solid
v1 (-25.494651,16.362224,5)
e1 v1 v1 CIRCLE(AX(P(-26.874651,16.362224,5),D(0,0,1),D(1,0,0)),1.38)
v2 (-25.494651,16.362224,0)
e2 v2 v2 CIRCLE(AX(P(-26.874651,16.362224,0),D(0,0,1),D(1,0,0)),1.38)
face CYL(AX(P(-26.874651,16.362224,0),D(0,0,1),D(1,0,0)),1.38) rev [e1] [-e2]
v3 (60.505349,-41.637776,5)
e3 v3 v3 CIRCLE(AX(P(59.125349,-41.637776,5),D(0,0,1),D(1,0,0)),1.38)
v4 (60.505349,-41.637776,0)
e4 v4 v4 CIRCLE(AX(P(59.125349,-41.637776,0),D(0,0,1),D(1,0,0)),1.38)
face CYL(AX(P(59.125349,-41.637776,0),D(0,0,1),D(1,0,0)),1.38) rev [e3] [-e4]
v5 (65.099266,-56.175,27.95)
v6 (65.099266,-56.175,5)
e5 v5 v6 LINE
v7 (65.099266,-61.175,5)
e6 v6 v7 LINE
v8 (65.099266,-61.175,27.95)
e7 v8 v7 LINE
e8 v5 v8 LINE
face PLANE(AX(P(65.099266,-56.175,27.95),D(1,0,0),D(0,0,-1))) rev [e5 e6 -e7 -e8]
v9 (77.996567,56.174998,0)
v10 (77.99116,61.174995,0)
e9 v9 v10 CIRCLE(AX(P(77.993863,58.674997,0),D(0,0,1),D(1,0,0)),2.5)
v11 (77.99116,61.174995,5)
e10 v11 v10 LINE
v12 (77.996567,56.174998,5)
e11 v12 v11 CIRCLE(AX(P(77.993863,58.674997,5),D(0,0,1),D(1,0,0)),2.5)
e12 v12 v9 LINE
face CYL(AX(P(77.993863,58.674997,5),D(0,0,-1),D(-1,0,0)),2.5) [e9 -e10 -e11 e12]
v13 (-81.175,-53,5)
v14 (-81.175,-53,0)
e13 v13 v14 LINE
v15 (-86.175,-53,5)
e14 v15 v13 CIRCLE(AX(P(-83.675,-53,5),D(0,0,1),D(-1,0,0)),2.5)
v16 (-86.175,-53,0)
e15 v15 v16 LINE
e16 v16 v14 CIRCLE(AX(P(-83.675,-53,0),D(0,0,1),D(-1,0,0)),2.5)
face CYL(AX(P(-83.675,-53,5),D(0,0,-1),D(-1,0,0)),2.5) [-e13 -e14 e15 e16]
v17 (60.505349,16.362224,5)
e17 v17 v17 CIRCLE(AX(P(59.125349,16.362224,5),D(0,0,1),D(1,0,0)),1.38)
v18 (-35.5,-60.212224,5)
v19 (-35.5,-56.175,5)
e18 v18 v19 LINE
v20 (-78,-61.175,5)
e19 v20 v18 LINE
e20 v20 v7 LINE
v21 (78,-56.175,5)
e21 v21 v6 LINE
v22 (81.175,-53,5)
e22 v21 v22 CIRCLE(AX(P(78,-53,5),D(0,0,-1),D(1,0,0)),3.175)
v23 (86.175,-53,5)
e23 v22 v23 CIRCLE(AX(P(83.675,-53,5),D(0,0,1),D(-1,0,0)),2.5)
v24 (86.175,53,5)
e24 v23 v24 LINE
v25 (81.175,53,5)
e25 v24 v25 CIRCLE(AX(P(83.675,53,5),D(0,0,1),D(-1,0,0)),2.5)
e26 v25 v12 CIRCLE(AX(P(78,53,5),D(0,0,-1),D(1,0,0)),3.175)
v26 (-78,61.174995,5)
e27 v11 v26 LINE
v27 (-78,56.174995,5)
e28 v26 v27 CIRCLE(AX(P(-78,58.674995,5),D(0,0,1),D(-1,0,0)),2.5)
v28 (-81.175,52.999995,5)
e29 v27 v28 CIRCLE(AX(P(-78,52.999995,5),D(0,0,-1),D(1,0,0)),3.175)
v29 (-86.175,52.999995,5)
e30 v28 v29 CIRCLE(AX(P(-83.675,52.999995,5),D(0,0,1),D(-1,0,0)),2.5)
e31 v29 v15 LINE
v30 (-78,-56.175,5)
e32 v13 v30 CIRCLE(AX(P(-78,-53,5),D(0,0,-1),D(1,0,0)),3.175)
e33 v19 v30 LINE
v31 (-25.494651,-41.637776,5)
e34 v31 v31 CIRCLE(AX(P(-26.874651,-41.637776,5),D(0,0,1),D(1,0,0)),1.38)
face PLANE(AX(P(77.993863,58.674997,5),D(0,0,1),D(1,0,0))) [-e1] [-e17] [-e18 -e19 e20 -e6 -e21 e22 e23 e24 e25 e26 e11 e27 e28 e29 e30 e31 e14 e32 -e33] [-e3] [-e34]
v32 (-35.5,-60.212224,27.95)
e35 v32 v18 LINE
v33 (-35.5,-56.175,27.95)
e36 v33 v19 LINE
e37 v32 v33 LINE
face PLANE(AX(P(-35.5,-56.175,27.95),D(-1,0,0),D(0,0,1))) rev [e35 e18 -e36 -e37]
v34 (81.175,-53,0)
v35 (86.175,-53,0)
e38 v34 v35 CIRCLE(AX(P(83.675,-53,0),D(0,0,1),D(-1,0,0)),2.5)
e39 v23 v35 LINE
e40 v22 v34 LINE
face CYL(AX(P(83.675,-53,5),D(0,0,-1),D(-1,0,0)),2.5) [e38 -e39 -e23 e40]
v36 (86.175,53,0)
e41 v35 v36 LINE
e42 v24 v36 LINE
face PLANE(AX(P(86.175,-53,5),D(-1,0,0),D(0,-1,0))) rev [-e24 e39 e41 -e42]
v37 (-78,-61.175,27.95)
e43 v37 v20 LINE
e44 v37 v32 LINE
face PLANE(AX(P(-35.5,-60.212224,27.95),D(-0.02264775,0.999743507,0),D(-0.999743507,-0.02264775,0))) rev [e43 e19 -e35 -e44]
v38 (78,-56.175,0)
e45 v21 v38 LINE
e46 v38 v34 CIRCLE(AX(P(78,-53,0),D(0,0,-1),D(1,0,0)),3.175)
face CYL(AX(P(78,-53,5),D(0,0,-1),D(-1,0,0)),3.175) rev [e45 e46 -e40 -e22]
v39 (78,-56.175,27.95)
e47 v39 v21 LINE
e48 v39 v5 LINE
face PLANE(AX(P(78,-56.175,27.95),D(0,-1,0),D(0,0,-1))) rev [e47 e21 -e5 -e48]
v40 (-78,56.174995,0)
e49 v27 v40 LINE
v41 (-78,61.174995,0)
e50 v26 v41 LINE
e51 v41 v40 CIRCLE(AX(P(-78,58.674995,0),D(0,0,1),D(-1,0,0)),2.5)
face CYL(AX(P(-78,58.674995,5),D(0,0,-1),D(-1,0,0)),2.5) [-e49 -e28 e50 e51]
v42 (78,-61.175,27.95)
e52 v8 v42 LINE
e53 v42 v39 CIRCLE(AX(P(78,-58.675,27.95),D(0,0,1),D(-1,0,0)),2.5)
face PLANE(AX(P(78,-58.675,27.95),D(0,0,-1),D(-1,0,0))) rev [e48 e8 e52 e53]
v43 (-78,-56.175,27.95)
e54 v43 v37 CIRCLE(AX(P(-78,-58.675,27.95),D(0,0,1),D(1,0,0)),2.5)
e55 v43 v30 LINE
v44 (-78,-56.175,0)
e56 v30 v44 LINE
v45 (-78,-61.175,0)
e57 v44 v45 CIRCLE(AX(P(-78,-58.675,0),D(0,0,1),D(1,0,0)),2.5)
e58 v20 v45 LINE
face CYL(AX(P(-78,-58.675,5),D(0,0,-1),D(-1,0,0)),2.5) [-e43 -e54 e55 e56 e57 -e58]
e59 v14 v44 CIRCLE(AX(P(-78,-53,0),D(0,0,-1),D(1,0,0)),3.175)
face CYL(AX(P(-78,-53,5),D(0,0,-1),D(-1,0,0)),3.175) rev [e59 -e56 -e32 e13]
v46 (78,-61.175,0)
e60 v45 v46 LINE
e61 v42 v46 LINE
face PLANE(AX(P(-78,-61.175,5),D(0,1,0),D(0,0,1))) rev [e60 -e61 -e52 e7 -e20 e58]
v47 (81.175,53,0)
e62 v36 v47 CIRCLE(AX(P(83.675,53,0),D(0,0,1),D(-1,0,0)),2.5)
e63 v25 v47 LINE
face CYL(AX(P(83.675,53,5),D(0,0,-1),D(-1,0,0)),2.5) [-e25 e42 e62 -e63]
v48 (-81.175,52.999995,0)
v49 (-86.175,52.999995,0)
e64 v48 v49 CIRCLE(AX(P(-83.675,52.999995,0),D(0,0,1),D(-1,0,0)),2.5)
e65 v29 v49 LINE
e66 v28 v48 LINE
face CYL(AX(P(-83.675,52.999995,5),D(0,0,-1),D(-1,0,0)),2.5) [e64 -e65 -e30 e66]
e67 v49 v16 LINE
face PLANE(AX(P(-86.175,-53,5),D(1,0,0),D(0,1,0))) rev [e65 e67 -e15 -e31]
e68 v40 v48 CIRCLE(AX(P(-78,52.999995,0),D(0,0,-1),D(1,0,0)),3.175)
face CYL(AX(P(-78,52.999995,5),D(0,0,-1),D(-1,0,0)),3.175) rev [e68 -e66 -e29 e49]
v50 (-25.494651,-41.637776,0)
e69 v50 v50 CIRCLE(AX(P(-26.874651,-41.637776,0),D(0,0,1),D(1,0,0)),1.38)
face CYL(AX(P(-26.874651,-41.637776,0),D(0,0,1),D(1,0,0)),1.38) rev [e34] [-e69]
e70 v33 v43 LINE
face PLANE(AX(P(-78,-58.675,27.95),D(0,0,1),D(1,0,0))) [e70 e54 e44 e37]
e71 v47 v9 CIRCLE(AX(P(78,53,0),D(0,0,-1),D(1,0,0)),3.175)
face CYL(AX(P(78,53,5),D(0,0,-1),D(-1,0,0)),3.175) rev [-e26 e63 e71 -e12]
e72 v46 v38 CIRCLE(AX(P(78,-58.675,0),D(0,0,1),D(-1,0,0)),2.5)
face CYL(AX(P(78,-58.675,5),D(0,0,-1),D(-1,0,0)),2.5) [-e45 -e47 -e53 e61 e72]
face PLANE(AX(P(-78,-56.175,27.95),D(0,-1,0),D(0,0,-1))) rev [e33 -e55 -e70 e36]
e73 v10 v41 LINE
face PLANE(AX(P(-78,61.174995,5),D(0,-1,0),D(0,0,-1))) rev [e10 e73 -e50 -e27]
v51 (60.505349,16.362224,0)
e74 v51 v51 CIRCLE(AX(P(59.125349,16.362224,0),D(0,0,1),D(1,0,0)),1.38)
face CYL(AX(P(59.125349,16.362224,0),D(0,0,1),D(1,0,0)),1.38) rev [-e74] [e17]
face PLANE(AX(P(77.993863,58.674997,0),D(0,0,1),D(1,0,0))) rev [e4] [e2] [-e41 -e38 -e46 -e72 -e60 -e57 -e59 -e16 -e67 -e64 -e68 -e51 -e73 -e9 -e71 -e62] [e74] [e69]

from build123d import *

# Parameters (mm, degrees)
RESSALTO_EXTRUS_O1_DEPTH = 5
RESSALTO_EXTRUS_O2_DEPTH = 22.95
ESBO_O3_R                = 1.38
CORTE_EXTRUS_O1_DEPTH    = 5


with BuildPart() as part:
    # Esboço1 → Ressalto-extrusão1 (new body)
    with BuildSketch(Plane.XY):
        with BuildLine():
            Line((-78, -61.175), (78, -61.175))
            ThreePointArc((78, -61.175), (80.5, -58.675), (78, -56.175))
            ThreePointArc((78, -56.175), (75.75493597, -50.75493597), (81.175, -53))
            ThreePointArc((81.175, -53), (83.675, -55.5), (86.175, -53))
            Line((86.175, -53), (86.175, 53))
            ThreePointArc((86.175, 53), (83.675, 55.5), (81.175, 53))
            ThreePointArc((81.175, 53), (75.756150129, 50.753722467), (77.996566768, 56.174998144))
            ThreePointArc((77.996566768, 56.174998144), (80.493861975, 58.677700014), (77.991160104, 61.174995221))
            Line((77.991160104, 61.174995221), (-78, 61.174995221))
            ThreePointArc((-78, 61.174995221), (-80.5, 58.674995221), (-78, 56.174995221))
            ThreePointArc((-78, 56.174995221), (-75.75493597, 50.75493119), (-81.175, 52.999995221))
            ThreePointArc((-81.175, 52.999995221), (-83.675, 55.499995221), (-86.175, 52.999995221))
            Line((-86.175, 52.999995221), (-86.175, -53))
            ThreePointArc((-86.175, -53), (-83.675, -55.5), (-81.175, -53))
            ThreePointArc((-81.175, -53), (-75.75493597, -50.75493597), (-78, -56.175))
            ThreePointArc((-78, -56.175), (-80.5, -58.675), (-78, -61.175))
        make_face()
    extrude(amount=RESSALTO_EXTRUS_O1_DEPTH)

    # Esboço2 → Ressalto-extrusão2 (add)
    with BuildSketch(Plane.XY.offset(5)):
        with BuildLine():
            Line((-78, -56.175), (-35.5, -56.175))
            Line((-35.5, -56.175), (-35.5, -60.212223694))
            Line((-35.5, -60.212223694), (-78, -61.175))
            ThreePointArc((-78, -61.175), (-80.5, -58.675), (-78, -56.175))
        make_face()
        with BuildLine():
            Line((78, -61.175), (65.099265532, -61.175))
            Line((65.099265532, -61.175), (65.099265532, -56.175))
            Line((65.099265532, -56.175), (78, -56.175))
            ThreePointArc((78, -56.175), (80.5, -58.675), (78, -61.175))
        make_face()
    extrude(amount=RESSALTO_EXTRUS_O2_DEPTH)

    # Esboço3 → Corte-extrusão1 (cut)
    with BuildSketch(Plane.XY.offset(5)):
        with Locations((59.125349465, -41.637776306)):
            Circle(ESBO_O3_R)
        with Locations((59.125349465, 16.362223694)):
            Circle(ESBO_O3_R)
        with Locations((-26.874650535, -41.637776306)):
            Circle(ESBO_O3_R)
        with Locations((-26.874650535, 16.362223694)):
            Circle(ESBO_O3_R)
    extrude(amount=-CORTE_EXTRUS_O1_DEPTH, mode=Mode.SUBTRACT)


solid = part.part
